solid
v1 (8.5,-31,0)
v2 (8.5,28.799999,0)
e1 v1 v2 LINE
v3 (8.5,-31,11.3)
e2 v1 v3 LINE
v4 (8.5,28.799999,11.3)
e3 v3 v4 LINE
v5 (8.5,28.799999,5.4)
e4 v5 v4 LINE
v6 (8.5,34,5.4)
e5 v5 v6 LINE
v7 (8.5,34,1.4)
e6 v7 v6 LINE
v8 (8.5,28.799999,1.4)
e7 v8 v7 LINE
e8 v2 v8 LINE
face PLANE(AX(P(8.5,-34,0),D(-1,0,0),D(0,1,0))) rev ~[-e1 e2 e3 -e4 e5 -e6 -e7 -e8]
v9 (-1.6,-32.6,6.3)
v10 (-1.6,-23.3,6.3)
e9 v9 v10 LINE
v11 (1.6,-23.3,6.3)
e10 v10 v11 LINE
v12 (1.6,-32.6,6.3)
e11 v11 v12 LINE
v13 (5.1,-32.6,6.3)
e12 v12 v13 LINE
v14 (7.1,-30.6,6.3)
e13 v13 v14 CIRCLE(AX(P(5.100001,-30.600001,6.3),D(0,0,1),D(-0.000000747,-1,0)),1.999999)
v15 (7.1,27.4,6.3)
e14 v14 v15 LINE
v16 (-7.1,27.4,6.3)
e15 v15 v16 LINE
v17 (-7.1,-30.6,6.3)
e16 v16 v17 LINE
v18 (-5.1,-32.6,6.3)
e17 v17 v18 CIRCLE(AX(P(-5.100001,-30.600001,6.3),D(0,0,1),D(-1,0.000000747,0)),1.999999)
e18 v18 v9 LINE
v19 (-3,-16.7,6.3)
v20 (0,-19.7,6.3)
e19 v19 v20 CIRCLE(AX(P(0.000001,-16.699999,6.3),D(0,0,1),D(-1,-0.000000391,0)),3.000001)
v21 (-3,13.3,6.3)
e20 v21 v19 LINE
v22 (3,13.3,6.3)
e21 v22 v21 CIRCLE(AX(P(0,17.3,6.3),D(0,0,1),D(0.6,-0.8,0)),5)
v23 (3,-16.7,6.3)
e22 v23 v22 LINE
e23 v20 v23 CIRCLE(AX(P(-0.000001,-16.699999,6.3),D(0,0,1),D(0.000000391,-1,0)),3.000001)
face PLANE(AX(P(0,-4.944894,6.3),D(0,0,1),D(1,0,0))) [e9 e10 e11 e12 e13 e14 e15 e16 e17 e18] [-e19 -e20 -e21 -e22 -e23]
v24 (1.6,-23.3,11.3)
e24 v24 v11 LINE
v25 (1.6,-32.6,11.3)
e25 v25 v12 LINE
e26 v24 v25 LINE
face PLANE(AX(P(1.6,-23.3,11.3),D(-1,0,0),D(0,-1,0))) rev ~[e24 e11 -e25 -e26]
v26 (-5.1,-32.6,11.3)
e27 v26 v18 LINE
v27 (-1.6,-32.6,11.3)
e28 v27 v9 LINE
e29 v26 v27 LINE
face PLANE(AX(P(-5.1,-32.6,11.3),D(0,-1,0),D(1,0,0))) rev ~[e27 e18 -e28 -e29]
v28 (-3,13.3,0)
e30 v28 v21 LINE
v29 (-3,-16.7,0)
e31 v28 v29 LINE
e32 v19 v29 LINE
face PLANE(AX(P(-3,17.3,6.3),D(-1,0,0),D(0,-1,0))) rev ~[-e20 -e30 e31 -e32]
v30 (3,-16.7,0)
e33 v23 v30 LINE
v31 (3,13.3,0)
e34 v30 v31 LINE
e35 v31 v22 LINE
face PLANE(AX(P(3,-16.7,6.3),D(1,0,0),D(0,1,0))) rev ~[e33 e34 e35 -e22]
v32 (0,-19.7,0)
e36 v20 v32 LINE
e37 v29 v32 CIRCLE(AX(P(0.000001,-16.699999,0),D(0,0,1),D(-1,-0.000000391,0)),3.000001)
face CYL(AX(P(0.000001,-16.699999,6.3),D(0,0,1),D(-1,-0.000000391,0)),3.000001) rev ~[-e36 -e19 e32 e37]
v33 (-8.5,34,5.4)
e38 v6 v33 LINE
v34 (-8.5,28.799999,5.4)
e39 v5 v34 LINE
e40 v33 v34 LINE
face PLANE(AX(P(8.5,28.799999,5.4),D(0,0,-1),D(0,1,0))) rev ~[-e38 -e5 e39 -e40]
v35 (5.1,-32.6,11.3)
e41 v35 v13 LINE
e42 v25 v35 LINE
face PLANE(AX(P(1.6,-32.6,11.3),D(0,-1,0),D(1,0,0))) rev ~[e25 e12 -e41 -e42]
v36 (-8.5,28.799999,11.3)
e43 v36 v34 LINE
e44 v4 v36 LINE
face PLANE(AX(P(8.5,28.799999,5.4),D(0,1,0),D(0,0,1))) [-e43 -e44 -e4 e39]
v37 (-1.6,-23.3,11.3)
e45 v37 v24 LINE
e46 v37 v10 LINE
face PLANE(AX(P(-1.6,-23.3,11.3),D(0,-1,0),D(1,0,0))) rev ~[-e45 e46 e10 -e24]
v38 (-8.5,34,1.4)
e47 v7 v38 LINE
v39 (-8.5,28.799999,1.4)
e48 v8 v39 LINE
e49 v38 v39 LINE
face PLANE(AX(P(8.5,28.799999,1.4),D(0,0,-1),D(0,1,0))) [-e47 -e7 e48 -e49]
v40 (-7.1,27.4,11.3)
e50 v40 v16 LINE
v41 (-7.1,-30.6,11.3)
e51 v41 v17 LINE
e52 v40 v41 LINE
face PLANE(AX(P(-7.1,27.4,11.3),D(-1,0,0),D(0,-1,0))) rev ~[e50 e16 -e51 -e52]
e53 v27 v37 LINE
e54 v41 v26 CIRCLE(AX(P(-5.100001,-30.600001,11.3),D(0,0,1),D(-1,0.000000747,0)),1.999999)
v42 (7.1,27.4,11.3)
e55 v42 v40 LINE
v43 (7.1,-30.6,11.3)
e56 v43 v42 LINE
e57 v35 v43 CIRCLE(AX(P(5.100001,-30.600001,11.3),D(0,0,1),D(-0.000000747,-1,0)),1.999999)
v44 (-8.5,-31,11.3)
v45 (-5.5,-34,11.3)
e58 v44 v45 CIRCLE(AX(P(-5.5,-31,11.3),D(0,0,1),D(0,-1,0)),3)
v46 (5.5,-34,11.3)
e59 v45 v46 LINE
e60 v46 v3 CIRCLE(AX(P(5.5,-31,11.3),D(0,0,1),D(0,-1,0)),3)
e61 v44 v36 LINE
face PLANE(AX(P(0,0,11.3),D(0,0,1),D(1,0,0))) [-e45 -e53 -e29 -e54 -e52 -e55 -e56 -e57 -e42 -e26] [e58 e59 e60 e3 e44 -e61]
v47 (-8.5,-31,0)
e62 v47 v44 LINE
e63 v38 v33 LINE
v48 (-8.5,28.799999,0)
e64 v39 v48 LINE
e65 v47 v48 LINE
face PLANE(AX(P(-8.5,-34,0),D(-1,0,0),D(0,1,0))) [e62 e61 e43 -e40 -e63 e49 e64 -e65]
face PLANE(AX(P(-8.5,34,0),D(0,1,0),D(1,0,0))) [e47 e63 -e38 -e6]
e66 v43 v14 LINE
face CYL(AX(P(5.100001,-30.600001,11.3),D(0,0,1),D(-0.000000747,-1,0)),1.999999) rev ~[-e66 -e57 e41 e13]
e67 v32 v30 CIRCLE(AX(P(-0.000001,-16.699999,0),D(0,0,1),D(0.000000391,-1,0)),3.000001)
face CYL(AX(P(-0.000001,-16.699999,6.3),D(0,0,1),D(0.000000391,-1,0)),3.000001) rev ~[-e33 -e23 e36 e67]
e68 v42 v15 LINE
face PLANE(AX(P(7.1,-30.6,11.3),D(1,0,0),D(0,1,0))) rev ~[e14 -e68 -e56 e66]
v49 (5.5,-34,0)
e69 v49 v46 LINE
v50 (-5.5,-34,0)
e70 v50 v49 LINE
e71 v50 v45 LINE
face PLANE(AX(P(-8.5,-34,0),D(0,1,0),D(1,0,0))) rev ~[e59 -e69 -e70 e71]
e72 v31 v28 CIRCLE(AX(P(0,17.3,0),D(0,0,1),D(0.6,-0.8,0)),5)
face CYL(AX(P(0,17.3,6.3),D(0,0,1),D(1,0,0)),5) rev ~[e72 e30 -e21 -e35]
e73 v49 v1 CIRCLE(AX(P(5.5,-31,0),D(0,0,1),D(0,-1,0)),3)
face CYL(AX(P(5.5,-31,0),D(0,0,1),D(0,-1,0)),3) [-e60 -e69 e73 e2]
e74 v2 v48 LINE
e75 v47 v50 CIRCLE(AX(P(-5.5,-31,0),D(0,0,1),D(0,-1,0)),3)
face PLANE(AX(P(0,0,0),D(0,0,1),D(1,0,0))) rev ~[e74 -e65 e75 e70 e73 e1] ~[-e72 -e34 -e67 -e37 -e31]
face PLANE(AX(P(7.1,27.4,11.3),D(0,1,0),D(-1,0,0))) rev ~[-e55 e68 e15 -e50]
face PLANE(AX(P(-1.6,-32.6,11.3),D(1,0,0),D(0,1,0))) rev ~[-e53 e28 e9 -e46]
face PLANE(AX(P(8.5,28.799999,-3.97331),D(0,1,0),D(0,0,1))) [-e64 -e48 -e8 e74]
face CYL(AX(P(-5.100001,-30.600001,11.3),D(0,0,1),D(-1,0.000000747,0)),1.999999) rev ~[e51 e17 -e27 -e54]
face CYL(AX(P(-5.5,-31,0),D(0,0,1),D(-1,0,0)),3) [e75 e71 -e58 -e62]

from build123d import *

# Parameters (mm, degrees)
F0_W      = 17
F0_H      = 68
F1_DEPTH  = 11.3
F2_R      = 3
F4_DEPTH  = 5
F6_DEPTH  = 25
F7_W      = 10.167095
F7_H      = 8.266306
F7_H_2    = 5.37331
F8_DEPTH  = 25
F9_R      = 5
F10_DEPTH = 25


with BuildPart() as f1:
    # F0 (on Top) → F1 (new body)
    with BuildSketch(Plane.XY):
        Rectangle(F0_W, F0_H)
    extrude(amount=F1_DEPTH)

    # F2
    f2_edges = [f1.edges().sort_by_distance(p)[0] for p in [
        (8.5, -34, 5.65),
        (-8.5, -34, 5.65),
    ]]
    fillet(f2_edges, radius=F2_R)

    # F3 (on face) → F4 (cut)
    with BuildSketch(Plane.XY.offset(11.3)):
        with BuildLine():
            ThreePointArc((-7.1, -30.6), (-6.514214, -32.014214), (-5.1, -32.6))
            Line((-5.1, -32.6), (-1.6, -32.6))
            Line((-1.6, -32.6), (-1.6, -23.3))
            Line((-1.6, -23.3), (1.6, -23.3))
            Line((1.6, -23.3), (1.6, -32.6))
            Line((1.6, -32.6), (5.1, -32.6))
            ThreePointArc((5.1, -32.6), (6.514214, -32.014214), (7.1, -30.6))
            Line((7.1, -30.6), (7.1, 27.4))
            Line((7.1, 27.4), (-7.1, 27.4))
            Line((-7.1, 27.4), (-7.1, -30.6))
        make_face()
    extrude(amount=-F4_DEPTH, mode=Mode.SUBTRACT)

    # F5 (on face) → F6 (cut)
    with BuildSketch(Plane.XY.offset(6.3)):
        with BuildLine():
            ThreePointArc((0, -19.7), (2.12132, -18.82132), (3, -16.7))
            Line((3, -16.7), (3, 17.3))
            ThreePointArc((3, 17.3), (2.12132, 19.42132), (0, 20.3))
            ThreePointArc((0, 20.3), (-2.12132, 19.42132), (-3, 17.3))
            Line((-3, 17.3), (-3, -16.7))
            ThreePointArc((-3, -16.7), (-2.12132, -18.82132), (0, -19.7))
        make_face()
    extrude(amount=-F6_DEPTH, mode=Mode.SUBTRACT)

    # F7 (on face) → F8 (cut)
    with BuildSketch(Plane.YZ.offset(8.5)):
        with Locations((33.883547, 9.533153)):
            Rectangle(F7_W, F7_H)
        with Locations((33.883547, -1.286655)):
            Rectangle(F7_W, F7_H_2)
    extrude(amount=-F8_DEPTH, mode=Mode.SUBTRACT)

    # F9 (on face) → F10 (cut)
    with BuildSketch(Plane.XY.offset(6.3)):
        with Locations((0, 17.3)):
            Circle(F9_R)
    extrude(amount=-F10_DEPTH, mode=Mode.SUBTRACT)


solid = f1.part
